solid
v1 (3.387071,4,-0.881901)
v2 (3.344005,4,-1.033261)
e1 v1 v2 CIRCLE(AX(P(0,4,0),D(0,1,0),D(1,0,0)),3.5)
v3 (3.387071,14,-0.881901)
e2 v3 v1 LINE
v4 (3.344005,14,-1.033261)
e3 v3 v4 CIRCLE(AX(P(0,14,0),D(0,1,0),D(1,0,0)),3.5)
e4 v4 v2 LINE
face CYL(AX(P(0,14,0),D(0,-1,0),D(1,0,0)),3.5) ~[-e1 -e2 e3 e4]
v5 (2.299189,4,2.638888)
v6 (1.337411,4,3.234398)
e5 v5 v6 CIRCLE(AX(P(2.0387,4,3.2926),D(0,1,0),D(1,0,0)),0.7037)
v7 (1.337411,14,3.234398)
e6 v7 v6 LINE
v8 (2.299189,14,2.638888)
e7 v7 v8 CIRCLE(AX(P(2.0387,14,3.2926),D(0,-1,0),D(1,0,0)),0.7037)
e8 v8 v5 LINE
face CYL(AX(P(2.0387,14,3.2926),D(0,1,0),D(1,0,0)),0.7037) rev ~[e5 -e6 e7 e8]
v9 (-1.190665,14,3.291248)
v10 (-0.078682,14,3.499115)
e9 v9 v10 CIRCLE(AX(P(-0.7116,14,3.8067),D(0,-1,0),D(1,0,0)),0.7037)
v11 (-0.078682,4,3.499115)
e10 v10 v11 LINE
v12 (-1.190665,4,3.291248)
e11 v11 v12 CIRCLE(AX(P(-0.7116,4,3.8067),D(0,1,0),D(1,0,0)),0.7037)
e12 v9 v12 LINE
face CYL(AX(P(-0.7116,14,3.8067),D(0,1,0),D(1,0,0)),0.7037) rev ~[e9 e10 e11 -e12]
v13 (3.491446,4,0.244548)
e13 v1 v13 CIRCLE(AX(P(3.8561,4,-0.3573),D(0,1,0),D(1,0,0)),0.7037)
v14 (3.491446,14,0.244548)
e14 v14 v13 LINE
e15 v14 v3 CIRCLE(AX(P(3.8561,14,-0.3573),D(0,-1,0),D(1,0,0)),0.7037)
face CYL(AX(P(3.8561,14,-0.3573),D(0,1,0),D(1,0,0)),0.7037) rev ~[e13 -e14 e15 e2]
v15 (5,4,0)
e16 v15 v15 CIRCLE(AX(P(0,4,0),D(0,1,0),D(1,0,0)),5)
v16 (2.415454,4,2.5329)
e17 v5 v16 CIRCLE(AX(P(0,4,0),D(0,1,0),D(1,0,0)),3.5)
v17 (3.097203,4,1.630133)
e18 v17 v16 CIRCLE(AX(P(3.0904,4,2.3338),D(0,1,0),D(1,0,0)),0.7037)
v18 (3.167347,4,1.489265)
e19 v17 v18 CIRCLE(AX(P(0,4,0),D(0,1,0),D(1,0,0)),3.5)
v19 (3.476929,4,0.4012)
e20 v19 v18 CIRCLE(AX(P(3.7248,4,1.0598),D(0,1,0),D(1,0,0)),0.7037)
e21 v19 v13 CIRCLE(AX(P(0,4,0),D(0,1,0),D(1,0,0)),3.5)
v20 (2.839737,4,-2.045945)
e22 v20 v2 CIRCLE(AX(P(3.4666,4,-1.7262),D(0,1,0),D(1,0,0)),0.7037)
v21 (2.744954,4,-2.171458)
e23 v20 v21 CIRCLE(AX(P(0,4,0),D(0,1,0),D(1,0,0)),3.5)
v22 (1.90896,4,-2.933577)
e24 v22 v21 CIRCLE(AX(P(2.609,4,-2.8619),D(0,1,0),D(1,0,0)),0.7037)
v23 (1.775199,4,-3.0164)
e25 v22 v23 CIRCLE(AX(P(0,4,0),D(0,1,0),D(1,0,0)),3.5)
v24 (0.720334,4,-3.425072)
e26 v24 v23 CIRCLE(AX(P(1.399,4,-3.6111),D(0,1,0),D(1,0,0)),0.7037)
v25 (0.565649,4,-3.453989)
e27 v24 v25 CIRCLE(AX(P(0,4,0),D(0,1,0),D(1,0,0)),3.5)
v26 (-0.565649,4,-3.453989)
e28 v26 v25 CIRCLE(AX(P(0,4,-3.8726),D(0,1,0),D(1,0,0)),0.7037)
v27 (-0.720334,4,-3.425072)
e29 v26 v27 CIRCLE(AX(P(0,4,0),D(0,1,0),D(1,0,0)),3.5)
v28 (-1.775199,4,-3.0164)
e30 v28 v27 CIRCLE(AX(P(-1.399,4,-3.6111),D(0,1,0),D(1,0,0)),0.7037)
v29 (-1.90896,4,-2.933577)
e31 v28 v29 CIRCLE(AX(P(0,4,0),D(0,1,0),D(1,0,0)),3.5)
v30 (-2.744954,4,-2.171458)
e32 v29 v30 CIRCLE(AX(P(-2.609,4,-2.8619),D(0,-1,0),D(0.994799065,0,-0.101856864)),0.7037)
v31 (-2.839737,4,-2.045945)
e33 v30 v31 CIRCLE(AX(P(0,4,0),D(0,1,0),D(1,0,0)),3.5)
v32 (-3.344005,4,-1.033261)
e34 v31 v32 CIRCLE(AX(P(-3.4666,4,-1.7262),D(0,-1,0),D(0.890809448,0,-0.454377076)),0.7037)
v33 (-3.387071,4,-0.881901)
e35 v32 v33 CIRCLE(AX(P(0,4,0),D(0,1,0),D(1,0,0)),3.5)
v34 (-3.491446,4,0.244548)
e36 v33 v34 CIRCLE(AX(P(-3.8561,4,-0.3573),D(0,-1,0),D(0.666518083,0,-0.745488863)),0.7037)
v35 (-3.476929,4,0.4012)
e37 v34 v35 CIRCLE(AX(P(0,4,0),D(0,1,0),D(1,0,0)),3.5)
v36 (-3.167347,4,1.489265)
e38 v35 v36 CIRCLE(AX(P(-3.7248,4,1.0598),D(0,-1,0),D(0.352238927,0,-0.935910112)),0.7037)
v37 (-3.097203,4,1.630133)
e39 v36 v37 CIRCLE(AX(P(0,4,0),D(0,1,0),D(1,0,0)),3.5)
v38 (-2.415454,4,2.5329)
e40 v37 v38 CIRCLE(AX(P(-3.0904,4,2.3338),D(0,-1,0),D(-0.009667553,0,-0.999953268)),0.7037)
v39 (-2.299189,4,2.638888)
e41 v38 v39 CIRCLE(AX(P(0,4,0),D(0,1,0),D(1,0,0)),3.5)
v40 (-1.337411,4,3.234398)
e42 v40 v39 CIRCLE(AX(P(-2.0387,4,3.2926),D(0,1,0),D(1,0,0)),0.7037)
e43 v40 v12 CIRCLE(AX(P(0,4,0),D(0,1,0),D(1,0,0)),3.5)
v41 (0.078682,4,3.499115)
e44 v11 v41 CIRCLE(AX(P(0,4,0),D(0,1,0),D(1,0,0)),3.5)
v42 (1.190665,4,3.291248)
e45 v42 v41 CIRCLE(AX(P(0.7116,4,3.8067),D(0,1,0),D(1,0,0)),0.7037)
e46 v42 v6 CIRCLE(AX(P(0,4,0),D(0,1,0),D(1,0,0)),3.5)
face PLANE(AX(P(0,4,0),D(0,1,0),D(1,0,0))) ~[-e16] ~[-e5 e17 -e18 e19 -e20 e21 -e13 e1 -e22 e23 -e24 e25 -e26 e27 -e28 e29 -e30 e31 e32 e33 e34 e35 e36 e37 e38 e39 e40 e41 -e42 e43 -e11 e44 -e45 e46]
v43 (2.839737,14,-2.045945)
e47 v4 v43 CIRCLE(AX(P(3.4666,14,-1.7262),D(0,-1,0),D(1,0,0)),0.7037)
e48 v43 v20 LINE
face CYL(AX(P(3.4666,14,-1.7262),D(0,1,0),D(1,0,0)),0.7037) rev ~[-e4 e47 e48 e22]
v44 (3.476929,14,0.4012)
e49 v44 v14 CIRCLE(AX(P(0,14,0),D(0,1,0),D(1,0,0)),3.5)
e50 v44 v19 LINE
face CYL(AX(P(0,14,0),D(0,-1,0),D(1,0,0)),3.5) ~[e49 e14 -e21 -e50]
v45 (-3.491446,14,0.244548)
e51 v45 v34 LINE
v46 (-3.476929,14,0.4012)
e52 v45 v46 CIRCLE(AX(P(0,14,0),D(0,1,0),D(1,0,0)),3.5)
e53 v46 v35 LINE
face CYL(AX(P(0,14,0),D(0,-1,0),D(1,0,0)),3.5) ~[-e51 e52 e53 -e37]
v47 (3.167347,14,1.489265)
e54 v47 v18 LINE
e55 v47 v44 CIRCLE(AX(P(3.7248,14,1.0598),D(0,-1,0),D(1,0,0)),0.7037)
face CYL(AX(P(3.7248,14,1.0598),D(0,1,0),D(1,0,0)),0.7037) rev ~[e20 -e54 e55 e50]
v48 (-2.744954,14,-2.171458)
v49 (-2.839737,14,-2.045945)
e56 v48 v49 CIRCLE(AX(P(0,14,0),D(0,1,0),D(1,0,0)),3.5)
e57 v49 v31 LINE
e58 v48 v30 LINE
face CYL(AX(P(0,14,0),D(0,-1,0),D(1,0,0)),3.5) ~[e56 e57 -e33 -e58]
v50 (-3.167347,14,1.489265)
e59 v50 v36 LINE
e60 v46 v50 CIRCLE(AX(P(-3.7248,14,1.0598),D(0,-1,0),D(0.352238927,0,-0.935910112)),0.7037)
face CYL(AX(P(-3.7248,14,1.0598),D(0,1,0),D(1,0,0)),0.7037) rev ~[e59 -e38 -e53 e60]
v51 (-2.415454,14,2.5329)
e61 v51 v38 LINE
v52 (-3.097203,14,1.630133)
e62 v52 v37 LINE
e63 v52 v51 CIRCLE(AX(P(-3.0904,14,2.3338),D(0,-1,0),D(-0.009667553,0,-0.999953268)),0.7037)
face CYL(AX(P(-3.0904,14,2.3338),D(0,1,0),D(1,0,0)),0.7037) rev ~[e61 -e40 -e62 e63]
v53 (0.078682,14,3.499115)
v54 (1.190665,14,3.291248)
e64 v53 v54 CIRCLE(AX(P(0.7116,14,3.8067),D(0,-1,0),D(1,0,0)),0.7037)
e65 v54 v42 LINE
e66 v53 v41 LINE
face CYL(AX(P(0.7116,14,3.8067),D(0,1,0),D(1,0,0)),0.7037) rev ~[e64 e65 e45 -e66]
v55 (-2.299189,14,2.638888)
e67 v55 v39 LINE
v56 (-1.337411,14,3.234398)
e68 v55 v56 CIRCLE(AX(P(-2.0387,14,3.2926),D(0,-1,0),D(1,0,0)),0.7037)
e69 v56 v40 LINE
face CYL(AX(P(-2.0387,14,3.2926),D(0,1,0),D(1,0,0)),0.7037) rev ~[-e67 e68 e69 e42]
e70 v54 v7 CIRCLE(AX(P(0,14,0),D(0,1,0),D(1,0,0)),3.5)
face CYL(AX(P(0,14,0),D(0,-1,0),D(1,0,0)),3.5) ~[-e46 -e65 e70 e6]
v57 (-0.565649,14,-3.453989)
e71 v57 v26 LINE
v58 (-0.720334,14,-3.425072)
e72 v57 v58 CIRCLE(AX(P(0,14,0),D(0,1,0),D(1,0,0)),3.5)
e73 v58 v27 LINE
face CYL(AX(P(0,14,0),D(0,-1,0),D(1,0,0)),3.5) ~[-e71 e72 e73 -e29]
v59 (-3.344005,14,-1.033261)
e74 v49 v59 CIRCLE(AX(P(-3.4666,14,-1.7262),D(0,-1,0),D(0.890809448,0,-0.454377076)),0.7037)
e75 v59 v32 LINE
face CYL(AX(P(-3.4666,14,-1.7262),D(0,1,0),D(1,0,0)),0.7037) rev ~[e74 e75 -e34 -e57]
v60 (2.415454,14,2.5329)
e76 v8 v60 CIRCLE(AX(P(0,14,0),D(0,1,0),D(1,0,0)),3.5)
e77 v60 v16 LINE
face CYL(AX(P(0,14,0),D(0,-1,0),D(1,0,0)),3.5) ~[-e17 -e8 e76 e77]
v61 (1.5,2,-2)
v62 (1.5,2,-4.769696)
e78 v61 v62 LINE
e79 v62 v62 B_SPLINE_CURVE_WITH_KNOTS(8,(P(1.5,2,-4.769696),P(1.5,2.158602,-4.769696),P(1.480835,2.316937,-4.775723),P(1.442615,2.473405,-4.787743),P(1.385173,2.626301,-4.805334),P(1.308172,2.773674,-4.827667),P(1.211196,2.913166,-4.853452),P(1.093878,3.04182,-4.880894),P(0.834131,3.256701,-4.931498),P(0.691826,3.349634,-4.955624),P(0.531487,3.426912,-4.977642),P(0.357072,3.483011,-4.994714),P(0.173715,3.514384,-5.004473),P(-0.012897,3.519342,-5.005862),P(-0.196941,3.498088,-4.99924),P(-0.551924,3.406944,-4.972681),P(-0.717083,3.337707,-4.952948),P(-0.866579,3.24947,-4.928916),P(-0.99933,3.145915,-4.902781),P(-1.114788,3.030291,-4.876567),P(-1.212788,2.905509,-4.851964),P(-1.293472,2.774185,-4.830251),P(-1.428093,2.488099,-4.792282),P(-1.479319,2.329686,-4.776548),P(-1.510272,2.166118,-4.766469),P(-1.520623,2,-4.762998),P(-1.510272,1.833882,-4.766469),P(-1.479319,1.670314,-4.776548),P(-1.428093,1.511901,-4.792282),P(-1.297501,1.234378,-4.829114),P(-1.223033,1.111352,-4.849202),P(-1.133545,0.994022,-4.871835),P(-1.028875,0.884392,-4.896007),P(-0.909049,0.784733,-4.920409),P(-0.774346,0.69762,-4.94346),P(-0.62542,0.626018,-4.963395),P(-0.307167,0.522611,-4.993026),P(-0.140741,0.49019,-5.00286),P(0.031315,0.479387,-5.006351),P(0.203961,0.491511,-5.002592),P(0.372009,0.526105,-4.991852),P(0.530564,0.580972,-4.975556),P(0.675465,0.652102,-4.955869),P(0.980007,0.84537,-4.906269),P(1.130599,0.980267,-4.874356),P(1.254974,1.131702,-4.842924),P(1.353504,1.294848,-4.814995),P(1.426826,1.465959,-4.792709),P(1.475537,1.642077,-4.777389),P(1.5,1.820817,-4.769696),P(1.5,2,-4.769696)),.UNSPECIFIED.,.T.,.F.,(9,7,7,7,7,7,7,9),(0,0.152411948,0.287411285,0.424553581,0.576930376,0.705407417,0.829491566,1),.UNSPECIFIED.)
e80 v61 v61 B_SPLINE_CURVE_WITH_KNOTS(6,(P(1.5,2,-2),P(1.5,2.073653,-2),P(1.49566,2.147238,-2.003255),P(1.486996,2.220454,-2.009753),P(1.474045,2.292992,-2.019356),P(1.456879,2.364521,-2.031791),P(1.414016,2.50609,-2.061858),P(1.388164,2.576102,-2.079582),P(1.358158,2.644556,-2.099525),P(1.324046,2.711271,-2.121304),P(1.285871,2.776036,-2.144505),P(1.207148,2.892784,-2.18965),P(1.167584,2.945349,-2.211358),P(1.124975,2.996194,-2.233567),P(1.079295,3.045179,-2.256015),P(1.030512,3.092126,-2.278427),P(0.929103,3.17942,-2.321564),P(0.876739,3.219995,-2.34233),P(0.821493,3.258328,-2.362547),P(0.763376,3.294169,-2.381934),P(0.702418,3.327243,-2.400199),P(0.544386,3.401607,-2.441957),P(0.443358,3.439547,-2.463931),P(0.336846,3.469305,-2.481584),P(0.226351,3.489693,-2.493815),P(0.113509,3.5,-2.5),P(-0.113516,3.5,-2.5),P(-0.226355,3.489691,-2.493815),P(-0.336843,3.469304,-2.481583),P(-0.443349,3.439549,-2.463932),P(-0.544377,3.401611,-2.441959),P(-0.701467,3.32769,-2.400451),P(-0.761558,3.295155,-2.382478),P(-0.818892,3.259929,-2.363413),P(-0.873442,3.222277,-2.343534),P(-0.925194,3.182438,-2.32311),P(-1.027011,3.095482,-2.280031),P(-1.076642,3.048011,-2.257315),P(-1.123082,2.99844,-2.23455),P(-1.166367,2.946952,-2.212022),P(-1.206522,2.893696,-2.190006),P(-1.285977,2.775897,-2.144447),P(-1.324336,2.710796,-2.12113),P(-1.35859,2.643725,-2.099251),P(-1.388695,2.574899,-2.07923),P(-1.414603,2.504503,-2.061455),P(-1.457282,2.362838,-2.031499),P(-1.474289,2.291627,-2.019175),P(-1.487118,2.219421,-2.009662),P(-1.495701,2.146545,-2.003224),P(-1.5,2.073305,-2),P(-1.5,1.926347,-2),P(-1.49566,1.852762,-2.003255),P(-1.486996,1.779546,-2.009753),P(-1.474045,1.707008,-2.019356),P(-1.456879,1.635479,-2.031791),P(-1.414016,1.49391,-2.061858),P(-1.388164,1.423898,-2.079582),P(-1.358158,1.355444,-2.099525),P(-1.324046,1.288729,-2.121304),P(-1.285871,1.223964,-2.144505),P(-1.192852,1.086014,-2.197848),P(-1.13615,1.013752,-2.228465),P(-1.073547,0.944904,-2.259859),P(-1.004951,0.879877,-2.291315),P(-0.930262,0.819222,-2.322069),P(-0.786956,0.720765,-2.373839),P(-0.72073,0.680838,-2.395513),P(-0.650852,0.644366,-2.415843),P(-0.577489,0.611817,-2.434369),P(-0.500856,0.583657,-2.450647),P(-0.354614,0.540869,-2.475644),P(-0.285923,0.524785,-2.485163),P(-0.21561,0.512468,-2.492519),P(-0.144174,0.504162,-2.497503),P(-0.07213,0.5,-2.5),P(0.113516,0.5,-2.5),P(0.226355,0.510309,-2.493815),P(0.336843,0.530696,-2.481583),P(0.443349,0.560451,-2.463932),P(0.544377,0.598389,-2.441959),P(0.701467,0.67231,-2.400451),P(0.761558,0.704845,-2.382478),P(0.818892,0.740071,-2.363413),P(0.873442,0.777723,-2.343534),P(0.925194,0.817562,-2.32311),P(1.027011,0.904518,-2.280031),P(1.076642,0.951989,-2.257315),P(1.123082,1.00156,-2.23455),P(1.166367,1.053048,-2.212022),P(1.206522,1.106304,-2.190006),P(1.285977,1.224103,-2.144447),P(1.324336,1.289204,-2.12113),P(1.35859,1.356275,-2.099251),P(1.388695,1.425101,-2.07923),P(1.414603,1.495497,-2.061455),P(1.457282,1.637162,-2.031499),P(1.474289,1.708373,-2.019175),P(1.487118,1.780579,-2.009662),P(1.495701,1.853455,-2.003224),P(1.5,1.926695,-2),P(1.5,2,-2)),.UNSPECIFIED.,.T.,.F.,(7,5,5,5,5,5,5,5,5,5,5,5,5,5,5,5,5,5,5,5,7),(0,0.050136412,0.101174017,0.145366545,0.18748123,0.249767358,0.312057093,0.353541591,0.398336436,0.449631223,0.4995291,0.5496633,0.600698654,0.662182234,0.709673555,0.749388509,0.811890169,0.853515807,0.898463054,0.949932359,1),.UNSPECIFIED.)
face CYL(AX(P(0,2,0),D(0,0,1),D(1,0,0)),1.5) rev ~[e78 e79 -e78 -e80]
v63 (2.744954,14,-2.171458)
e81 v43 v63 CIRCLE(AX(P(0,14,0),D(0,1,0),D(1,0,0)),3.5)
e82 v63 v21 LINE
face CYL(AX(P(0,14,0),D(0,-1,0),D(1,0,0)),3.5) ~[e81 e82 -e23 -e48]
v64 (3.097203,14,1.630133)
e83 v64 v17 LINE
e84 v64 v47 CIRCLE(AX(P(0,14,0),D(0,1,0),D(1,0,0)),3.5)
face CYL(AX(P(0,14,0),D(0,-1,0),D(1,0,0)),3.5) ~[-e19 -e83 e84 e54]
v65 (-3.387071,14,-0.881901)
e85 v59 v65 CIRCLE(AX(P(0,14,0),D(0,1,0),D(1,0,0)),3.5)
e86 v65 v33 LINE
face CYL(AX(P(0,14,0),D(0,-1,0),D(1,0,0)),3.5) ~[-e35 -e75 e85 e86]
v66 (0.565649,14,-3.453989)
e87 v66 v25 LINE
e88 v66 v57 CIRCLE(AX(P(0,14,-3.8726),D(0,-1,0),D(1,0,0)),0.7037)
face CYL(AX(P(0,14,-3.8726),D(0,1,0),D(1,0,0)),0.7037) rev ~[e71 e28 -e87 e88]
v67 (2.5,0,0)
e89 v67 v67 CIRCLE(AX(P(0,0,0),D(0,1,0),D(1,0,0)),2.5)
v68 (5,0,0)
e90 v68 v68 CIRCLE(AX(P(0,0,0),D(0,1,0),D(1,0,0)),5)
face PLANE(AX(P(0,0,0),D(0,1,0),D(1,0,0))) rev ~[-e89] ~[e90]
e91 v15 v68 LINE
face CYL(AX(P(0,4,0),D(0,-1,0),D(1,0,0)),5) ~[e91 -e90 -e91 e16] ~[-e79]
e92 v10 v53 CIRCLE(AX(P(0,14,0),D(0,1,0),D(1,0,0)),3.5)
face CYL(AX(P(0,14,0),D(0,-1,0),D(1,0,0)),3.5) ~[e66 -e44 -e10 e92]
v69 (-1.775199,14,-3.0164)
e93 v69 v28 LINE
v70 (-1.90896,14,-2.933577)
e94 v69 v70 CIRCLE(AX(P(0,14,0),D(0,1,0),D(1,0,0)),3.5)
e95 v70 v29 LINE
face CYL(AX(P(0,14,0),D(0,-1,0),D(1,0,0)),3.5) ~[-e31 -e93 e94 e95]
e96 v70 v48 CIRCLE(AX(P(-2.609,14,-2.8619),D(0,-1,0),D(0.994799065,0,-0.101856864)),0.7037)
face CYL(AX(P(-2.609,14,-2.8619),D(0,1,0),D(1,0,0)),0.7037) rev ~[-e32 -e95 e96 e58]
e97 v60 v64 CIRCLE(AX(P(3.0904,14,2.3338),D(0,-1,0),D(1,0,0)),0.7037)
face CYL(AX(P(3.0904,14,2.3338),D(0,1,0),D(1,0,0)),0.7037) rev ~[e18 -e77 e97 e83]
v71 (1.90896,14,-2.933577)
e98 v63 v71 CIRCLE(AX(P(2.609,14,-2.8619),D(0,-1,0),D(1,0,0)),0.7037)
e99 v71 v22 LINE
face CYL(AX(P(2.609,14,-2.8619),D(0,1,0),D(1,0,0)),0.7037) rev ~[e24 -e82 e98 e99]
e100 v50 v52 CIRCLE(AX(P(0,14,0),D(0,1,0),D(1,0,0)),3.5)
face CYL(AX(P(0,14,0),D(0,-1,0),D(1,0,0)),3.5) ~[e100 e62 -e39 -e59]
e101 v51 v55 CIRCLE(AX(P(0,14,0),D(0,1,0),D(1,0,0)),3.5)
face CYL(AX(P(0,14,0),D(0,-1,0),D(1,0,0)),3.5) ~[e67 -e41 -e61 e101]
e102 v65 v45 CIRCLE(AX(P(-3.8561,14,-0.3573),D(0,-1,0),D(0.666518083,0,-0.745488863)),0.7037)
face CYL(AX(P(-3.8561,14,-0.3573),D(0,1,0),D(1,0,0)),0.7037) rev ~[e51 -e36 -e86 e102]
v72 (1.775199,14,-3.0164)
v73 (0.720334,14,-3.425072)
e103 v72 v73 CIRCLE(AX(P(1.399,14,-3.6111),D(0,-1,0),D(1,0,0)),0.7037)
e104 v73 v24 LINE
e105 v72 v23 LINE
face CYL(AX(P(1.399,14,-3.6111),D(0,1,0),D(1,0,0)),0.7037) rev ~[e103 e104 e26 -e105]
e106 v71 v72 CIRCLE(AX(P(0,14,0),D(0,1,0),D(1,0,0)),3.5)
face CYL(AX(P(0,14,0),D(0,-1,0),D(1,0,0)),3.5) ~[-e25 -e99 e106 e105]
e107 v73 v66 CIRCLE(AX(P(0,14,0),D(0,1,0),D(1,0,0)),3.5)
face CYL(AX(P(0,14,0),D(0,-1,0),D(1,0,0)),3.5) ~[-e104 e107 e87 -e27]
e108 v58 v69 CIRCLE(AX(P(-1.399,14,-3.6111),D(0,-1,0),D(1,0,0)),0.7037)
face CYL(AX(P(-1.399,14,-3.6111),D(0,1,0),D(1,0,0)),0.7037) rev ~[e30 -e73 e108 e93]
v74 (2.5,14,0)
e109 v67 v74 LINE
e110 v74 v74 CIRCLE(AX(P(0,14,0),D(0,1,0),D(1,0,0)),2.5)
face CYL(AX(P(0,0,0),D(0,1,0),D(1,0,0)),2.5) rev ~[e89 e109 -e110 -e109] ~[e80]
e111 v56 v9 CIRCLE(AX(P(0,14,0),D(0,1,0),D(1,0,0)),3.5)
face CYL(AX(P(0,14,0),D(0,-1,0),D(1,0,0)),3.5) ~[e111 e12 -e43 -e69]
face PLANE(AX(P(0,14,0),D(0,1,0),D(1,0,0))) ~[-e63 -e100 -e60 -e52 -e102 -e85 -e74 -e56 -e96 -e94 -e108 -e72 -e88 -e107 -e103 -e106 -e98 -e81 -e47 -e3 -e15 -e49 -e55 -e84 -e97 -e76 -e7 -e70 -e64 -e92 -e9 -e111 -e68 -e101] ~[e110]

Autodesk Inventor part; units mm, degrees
ref_plane "YZ Plane" through (0, 0, 0) normal (1, 0, 0) x (0, 1, 0)
ref_plane "XZ Plane" through (0, 0, 0) normal (0, 1, 0) x (-1, 0, 0)
ref_plane "XY Plane" through (0, 0, 0) normal (0, 0, 1) x (1, 0, 0)
sketch "Sketch1" plane through (0, 0, 0) normal (0, 0, 1) x (1, 0, 0)
  line L0 (0, 0.8293) -> (0, 13.3857)
  line L1 (2.5, 0) -> (2.5, 14)
  line L2 (2.5, 14) -> (3.5, 14)
  line L3 (3.5, 14) -> (3.5, 4)
  line L4 (3.5, 4) -> (5, 4)
  line L5 (5, 4) -> (5, 0)
  line L6 (5, 0) -> (2.5, 0)
  point P0 (0, 0)
  dimension "d0" = 2.5
  dimension "d2" = 3.5
  dimension "d3" = 10
  dimension "d4" = 4
  dimension "d5" = 5
revolve "Revolution1" add sketch "Sketch1" angle 360 about axis through (0, 0.8293, 0) along (0, 1, 0)
sketch "Sketch2" plane through (0, 0, 0) normal (0, 0, 1) x (1, 0, 0)
  circle A0 centre (0, 2) radius 1.5
  point P0 (0, 0)
  dimension "d7" = 2
  dimension "d8" = 3
extrude "Extrusion1" cut sketch "Sketch2" against normal blind 10
thread "Thread1" size "M3x0.5" class "6H" standard "ANSI Metric M Profile" full length
sketch "Sketch3" plane through (0, 14, 0) normal (0, 1, 0) x (1, 0, 0)
  circle A0 centre (0, 0) radius 3.5 projected
  circle A1 centre (0, 3.8726) radius 0.7037
  circle A2 centre (-1.399, 3.6111) radius 0.7037
  circle A3 centre (-2.609, 2.8619) radius 0.7037
  circle A4 centre (-3.4666, 1.7262) radius 0.7037
  circle A5 centre (-3.8561, 0.3573) radius 0.7037
  circle A6 centre (-3.7248, -1.0598) radius 0.7037
  circle A7 centre (-3.0904, -2.3338) radius 0.7037
  circle A8 centre (-2.0387, -3.2926) radius 0.7037
  circle A9 centre (-0.7116, -3.8067) radius 0.7037
  circle A10 centre (0.7116, -3.8067) radius 0.7037
  circle A11 centre (2.0387, -3.2926) radius 0.7037
  circle A12 centre (3.0904, -2.3338) radius 0.7037
  circle A13 centre (3.7248, -1.0598) radius 0.7037
  circle A14 centre (3.8561, 0.3573) radius 0.7037
  circle A15 centre (3.4666, 1.7262) radius 0.7037
  circle A16 centre (2.609, 2.8619) radius 0.7037
  circle A17 centre (1.399, 3.6111) radius 0.7037
  dimension "d15" = 360
extrude "Extrusion2" cut sketch "Sketch3" against normal blind 10 contours A0 A14 | A0 A14 | A15 A0 | A0 A15 | A13 A0 | A0 A13 | A16 A0 | A0 A16 | A12 A0 | A0 A12 | A17 A0 | A0 A17 | A11 A0 | A0 A11 | A1 A0 | A0 A1 | A10 A0 | A0 A10 | A2 A0 | A0 A2 | A9 A0 | A0 A9 | A3 A0 | A0 A3 | A8 A0 | A0 A8 | A4 A0 | A0 A4 | A7 A0 | A0 A7 | A5 A0 | A0 A5 | A6 A0 | A0 A6
properties part number "exBolt"
